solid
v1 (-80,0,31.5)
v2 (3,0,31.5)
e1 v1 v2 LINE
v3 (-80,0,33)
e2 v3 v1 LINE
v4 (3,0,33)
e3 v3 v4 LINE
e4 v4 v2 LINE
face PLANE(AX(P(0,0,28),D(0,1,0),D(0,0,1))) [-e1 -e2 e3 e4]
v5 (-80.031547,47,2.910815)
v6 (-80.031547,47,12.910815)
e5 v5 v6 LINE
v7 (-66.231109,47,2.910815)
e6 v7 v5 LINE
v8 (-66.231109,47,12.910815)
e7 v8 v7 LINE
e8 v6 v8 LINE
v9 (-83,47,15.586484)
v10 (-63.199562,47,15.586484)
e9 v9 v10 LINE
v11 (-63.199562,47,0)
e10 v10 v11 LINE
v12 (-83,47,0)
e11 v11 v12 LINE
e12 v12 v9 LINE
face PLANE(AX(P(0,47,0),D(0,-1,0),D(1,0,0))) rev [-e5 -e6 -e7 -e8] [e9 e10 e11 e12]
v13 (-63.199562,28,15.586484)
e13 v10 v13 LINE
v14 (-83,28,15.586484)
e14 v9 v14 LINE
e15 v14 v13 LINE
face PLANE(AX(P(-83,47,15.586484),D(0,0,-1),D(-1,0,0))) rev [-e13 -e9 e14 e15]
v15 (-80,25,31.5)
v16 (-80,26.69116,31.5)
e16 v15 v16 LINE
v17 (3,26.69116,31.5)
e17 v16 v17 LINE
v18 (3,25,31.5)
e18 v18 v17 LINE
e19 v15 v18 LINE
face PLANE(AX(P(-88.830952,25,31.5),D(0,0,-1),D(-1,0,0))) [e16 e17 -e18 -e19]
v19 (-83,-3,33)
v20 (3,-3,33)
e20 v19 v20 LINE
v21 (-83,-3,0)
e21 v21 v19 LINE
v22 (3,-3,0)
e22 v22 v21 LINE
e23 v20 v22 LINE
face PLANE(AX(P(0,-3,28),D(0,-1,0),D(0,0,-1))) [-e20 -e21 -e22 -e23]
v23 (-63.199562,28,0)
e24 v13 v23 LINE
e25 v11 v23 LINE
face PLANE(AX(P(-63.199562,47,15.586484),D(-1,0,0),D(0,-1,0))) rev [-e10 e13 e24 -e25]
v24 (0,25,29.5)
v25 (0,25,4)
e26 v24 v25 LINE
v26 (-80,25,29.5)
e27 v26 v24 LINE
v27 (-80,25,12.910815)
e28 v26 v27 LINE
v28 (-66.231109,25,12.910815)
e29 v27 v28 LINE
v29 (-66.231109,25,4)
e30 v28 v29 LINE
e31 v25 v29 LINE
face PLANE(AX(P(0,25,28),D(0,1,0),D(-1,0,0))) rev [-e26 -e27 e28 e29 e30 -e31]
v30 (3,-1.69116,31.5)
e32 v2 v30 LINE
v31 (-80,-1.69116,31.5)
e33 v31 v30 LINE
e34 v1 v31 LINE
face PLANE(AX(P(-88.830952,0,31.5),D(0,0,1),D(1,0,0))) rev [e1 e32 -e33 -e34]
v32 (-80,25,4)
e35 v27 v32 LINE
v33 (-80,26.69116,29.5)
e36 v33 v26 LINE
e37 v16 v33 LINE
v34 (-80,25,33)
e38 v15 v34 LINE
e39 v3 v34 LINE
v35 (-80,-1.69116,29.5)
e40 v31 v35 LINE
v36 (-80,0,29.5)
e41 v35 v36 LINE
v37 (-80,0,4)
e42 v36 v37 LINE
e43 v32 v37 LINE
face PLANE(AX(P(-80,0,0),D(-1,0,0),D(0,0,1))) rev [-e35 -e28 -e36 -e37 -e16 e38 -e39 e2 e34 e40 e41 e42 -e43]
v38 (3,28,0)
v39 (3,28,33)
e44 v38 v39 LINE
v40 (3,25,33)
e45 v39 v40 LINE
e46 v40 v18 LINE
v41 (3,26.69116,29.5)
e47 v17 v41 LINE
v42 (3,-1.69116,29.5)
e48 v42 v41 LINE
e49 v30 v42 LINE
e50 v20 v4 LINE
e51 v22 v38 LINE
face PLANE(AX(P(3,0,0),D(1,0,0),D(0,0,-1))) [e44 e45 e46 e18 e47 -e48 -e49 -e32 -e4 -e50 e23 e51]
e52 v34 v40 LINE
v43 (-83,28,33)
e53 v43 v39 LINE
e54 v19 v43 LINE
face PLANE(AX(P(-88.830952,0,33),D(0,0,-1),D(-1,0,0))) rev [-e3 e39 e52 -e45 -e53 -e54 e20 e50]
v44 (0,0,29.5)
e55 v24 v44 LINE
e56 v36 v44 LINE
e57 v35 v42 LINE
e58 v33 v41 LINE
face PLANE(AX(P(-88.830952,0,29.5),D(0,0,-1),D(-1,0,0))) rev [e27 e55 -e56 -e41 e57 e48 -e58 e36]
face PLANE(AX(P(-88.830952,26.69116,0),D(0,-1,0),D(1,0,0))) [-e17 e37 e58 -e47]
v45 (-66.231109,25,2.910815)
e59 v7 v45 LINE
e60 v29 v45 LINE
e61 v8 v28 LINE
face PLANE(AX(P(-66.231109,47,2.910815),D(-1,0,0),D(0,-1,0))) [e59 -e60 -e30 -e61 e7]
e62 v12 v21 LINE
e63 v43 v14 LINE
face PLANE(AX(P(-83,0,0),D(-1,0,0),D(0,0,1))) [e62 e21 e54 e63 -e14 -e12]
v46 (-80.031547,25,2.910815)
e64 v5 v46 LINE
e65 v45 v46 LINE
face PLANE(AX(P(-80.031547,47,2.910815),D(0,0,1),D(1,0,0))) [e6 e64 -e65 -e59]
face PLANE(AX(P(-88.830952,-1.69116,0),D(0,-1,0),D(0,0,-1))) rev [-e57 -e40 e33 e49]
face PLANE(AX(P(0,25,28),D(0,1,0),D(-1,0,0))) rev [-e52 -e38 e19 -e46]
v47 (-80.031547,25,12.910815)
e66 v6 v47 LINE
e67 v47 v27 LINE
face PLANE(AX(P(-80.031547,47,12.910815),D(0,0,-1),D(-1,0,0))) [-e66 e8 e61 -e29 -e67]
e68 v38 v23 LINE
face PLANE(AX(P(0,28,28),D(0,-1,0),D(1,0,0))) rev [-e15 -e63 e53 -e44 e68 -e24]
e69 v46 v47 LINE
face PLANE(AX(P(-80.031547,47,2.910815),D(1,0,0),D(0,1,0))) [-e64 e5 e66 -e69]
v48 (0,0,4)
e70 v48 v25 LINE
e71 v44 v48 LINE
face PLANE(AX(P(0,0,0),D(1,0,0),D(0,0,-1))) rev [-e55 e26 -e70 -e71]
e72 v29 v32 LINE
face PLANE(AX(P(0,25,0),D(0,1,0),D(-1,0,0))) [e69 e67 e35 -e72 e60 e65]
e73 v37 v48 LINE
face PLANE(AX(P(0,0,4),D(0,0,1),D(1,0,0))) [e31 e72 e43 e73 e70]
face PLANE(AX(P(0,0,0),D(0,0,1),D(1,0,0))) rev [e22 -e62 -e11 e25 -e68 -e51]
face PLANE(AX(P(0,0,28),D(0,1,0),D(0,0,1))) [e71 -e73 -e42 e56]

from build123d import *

# Parameters (mm, degrees)
ESQUISSE1_W             = 80
ESQUISSE1_H             = 25
BOSS_EXTRU_1_DEPTH      = 4
ESQUISSE3_W             = 80
ESQUISSE3_H             = 3
BOSS_EXTRU_2_DEPTH      = 28
ESQUISSE4_W             = 28
ESQUISSE4_H             = 31
BOSS_EXTRU_3_DEPTH      = 3
ESQUISSE5_W             = 28
ESQUISSE5_H             = 31
BOSS_EXTRU_4_DEPTH      = 3
BOSS_EXTRU_5_DEPTH      = 86
ESQUISSE7_W             = 5
ESQUISSE7_H             = 3
BOSS_EXTRU_6_DEPTH      = 3
ESQUISSE8_W             = 3
ESQUISSE8_H             = 5
BOSS_EXTRU_7_DEPTH      = 25
ESQUISSE10_W            = 3
ESQUISSE10_H            = 25
BOSS_EXTRU_8_DEPTH      = 1.5
ESQUISSE11_W            = 19.800437916
ESQUISSE11_H            = 15.586484264
ESQUISSE11_W_2          = 13.800437916
ESQUISSE11_H_2          = 10
BOSS_EXTRU_9_DEPTH      = 19
ESQUISSE12_W            = 13.800437916
ESQUISSE12_H            = 10
ENL_V_MAT_EXTRU_1_DEPTH = 3


with BuildPart() as part:
    # Esquisse1 → Boss.-Extru.1 (new body)
    with BuildSketch(Plane.XY):
        with Locations((-40, 12.5)):
            Rectangle(ESQUISSE1_W, ESQUISSE1_H)
    extrude(amount=BOSS_EXTRU_1_DEPTH)

    # Esquisse3 → Boss.-Extru.2 (add)
    with BuildSketch(Plane(origin=(0, 0, 0), x_dir=(-1, 0, 0), z_dir=(0, 0, -1))):
        with Locations((40, -1.5)):
            Rectangle(ESQUISSE3_W, ESQUISSE3_H)
    boss_extru_2 = extrude(amount=-BOSS_EXTRU_2_DEPTH)

    # Symétrie1: Boss.-Extru.2 across plane
    add(boss_extru_2.mirror(Plane.ZX.offset(12.5)))

    # Esquisse4 → Boss.-Extru.3 (add)
    with BuildSketch(Plane(origin=(0, 0, 0), x_dir=(0, 0, -1), z_dir=(1, 0, 0))):
        with Locations((-14, 12.5)):
            Rectangle(ESQUISSE4_W, ESQUISSE4_H)
    extrude(amount=BOSS_EXTRU_3_DEPTH)

    # Esquisse5 → Boss.-Extru.4 (add)
    with BuildSketch(Plane.ZY.offset(80)):
        with Locations((14, 12.5)):
            Rectangle(ESQUISSE5_W, ESQUISSE5_H)
    extrude(amount=BOSS_EXTRU_4_DEPTH)

    # Esquisse6 → Boss.-Extru.5 (add)
    with BuildSketch(Plane(origin=(3, 0, 0), x_dir=(0, 0, -1), z_dir=(1, 0, 0))):
        Polygon((-31.5, 0), (-33, 0), (-33, -3), (-28, -3), (-28, 0), (-29.5, 0), (-29.5, -1.691160161), (-31.5, -1.691160161), align=None)
    boss_extru_5 = extrude(amount=-BOSS_EXTRU_5_DEPTH)

    # Esquisse7 → Boss.-Extru.6 (add)
    with BuildSketch(Plane.ZY.offset(83)):
        with Locations((30.5, -1.5)):
            Rectangle(ESQUISSE7_W, ESQUISSE7_H)
    boss_extru_6 = extrude(amount=-BOSS_EXTRU_6_DEPTH)

    # Symétrie2: Boss.-Extru.5, Boss.-Extru.6 across plane
    add(boss_extru_5.mirror(Plane.ZX.offset(12.5)))
    add(boss_extru_6.mirror(Plane.ZX.offset(12.5)))

    # Esquisse8 → Boss.-Extru.7 (add)
    with BuildSketch(Plane.XZ.offset(-25)):
        with Locations((-81.5, 30.5)):
            Rectangle(ESQUISSE8_W, ESQUISSE8_H)
    extrude(amount=BOSS_EXTRU_7_DEPTH)

    # Esquisse10 → Boss.-Extru.8 (add)
    with BuildSketch(Plane.XY.offset(28)):
        with Locations((1.5, 12.5)):
            Rectangle(ESQUISSE10_W, ESQUISSE10_H)
    extrude(amount=BOSS_EXTRU_8_DEPTH)

    # Esquisse11 → Boss.-Extru.9 (add)
    with BuildSketch(Plane(origin=(0, 28, 0), x_dir=(1, 0, 0), z_dir=(0, 1, 0))):
        with Locations((-73.099781042, -7.793242132)):
            Rectangle(ESQUISSE11_W, ESQUISSE11_H)
        with Locations((-73.131327902, -7.910815451)):
            Rectangle(ESQUISSE11_W_2, ESQUISSE11_H_2, mode=Mode.SUBTRACT)
    extrude(amount=BOSS_EXTRU_9_DEPTH)

    # Esquisse12 → Enlèv. mat.-Extru.1 (cut)
    with BuildSketch(Plane(origin=(0, 28, 0), x_dir=(1, 0, 0), z_dir=(0, 1, 0))):
        with Locations((-73.131327902, -7.910815451)):
            Rectangle(ESQUISSE12_W, ESQUISSE12_H)
    extrude(amount=-ENL_V_MAT_EXTRU_1_DEPTH, mode=Mode.SUBTRACT)


solid = part.part
